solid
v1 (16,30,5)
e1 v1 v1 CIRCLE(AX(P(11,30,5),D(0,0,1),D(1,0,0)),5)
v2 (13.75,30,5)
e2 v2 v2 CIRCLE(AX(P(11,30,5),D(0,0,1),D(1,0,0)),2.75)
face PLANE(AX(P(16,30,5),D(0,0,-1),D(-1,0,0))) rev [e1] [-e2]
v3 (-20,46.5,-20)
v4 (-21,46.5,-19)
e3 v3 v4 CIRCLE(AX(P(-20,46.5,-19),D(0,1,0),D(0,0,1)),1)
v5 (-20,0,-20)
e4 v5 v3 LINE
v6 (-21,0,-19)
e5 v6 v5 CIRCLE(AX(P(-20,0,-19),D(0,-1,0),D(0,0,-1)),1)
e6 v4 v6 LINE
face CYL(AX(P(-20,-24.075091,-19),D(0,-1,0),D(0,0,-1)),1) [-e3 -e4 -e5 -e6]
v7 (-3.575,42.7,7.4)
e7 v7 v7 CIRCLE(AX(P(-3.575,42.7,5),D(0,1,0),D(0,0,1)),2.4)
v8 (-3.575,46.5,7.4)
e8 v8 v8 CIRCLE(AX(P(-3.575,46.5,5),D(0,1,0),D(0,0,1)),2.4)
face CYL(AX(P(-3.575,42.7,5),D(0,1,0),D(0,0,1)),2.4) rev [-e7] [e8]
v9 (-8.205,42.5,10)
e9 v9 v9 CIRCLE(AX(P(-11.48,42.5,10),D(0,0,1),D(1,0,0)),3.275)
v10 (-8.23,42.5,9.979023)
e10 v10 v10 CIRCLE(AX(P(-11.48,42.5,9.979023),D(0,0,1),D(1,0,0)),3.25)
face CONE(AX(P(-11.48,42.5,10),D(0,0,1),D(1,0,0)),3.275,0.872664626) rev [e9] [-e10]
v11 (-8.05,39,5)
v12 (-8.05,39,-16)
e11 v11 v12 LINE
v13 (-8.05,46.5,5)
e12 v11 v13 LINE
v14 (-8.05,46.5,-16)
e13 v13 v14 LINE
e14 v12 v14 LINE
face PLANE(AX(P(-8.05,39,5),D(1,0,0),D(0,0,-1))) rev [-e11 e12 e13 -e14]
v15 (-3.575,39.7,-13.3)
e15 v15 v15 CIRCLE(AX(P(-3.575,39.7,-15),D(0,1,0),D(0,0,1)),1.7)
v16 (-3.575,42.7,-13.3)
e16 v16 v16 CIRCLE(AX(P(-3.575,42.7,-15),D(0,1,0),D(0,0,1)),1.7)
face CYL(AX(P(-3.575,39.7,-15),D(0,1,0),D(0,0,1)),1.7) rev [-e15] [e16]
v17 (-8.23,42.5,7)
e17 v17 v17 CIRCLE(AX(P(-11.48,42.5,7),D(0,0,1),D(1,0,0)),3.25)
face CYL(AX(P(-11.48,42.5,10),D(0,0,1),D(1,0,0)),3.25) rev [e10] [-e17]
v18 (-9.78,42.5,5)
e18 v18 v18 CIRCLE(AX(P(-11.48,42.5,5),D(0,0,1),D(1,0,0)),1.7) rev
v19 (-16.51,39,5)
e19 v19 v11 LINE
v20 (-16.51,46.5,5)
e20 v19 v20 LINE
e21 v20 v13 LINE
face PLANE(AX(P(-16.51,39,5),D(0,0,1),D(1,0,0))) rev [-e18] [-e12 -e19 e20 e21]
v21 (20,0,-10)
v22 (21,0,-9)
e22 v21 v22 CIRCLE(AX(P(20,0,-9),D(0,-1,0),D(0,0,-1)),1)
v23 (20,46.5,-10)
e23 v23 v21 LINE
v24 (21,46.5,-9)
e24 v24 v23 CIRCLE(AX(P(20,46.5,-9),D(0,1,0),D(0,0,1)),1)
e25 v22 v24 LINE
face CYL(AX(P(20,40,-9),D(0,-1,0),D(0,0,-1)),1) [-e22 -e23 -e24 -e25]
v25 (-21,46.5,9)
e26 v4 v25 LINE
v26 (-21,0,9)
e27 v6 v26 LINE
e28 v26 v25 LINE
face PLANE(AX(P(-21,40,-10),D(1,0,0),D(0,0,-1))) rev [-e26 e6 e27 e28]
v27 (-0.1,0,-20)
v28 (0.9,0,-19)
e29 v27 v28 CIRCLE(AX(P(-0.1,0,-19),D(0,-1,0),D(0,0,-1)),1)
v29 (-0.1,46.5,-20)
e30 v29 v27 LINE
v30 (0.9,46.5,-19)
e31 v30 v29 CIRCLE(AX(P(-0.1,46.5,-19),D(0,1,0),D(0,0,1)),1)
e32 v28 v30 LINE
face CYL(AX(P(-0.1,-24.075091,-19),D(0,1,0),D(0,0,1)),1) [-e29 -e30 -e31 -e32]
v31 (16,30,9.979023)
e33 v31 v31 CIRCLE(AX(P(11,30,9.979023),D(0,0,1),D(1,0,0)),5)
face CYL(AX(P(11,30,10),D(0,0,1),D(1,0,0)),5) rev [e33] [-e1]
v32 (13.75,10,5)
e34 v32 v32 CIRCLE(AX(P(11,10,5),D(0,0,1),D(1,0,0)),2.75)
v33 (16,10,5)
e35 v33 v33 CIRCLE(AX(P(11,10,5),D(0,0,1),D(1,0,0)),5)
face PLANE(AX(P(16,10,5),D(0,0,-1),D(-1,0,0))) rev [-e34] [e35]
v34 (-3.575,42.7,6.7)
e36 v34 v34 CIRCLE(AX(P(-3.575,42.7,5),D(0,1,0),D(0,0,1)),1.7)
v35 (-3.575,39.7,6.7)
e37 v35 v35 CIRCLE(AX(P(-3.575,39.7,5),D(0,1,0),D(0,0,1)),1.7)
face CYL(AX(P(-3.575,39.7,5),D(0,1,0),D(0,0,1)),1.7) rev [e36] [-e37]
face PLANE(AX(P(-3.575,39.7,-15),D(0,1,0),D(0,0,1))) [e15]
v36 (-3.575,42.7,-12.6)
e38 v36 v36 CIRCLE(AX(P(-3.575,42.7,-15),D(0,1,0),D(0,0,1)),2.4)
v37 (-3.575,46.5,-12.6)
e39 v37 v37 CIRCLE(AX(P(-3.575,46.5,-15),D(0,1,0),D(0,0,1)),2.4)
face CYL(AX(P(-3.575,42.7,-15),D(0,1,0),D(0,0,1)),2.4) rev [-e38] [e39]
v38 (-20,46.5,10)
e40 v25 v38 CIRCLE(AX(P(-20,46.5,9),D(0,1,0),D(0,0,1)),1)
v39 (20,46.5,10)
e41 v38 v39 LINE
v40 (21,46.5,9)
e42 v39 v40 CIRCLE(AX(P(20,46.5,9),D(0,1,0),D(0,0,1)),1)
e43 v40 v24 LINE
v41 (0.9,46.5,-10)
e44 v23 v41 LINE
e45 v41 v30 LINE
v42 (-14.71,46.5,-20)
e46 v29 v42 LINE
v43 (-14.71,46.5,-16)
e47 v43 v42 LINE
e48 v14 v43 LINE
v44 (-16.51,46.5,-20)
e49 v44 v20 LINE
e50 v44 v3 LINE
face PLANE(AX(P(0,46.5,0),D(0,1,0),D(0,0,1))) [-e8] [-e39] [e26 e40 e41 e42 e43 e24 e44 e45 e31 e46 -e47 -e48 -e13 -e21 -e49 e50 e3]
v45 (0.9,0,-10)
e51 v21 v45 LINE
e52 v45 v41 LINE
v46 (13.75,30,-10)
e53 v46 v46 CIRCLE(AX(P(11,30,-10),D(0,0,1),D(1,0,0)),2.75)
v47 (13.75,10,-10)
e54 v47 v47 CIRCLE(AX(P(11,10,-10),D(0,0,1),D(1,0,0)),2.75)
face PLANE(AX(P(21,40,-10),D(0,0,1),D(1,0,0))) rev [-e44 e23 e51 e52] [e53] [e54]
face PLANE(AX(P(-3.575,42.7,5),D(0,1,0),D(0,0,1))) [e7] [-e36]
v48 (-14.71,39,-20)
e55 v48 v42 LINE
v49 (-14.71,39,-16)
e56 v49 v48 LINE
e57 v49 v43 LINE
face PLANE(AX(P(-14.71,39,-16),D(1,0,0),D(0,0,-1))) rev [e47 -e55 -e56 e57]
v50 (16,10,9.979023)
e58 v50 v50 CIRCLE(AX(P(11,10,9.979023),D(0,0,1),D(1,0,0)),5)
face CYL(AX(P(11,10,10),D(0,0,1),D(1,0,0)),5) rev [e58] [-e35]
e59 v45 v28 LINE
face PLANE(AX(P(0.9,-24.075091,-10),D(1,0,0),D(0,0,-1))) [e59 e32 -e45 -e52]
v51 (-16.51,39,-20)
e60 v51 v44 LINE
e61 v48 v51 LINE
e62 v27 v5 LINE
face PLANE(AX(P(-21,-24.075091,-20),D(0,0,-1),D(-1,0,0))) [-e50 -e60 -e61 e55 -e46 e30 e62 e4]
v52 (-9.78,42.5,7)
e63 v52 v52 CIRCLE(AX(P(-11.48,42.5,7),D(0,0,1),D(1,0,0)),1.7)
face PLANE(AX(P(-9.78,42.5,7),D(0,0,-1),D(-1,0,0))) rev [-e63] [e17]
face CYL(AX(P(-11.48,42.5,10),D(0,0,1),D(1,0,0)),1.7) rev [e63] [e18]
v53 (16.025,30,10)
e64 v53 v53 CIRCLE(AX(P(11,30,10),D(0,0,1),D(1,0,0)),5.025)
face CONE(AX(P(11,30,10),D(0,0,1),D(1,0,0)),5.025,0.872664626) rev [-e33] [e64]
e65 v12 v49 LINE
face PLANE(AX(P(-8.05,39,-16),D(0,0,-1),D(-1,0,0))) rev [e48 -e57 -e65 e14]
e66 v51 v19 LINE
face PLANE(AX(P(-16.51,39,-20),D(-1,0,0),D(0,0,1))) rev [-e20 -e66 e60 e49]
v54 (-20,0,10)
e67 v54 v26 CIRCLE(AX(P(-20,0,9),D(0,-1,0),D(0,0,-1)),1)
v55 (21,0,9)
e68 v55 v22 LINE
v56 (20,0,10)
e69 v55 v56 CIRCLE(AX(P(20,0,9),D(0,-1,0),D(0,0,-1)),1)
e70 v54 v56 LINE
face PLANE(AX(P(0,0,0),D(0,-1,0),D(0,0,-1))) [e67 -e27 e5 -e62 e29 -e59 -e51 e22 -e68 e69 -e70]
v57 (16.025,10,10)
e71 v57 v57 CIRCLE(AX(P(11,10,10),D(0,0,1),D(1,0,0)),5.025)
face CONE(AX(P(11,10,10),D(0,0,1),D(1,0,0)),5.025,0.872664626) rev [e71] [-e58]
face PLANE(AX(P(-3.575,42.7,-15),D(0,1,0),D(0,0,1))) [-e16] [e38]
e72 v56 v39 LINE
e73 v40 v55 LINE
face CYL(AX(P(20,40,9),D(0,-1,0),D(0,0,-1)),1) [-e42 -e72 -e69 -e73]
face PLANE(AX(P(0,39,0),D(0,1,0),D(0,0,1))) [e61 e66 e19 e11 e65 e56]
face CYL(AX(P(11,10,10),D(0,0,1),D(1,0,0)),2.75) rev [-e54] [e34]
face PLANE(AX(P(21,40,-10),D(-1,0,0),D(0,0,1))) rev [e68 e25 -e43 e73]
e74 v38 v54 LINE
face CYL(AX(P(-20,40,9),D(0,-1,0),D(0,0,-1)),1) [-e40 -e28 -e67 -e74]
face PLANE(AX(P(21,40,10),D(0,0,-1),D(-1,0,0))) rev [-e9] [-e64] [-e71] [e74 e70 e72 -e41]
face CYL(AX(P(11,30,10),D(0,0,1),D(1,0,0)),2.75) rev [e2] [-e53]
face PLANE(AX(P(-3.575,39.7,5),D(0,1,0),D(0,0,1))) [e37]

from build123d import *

# Parameters (mm, degrees)
SKETCH1_W                     = 42
SKETCH1_H                     = 20
BOSS_EXTRUDE1_DEPTH           = 40
CBORE_FOR_M5_SHCS1_AT_2_COUNT = 2
CBORE_FOR_M5_SHCS1_AT_2_PITCH = 20
SKETCH5_W                     = 42
SKETCH5_H                     = 20
BOSS_EXTRUDE2_DEPTH           = 6.5
SKETCH12_W                    = 21.9
SKETCH12_H                    = 10
BOSS_EXTRUDE3_DEPTH           = 46.5
CUT_EXTRUDE1_DEPTH            = 7.5
FILLET1_R                     = 1
SKETCH14_R                    = 2.4
CUT_EXTRUDE2_DEPTH            = 3.8
SKETCH15_R                    = 1.7
CUT_EXTRUDE3_DEPTH            = 3


with BuildPart() as part:
    # Sketch1 → Boss-Extrude1 (new body)
    with BuildSketch(Plane(origin=(0, 0, 0), x_dir=(1, 0, 0), z_dir=(0, 1, 0))):
        Rectangle(SKETCH1_W, SKETCH1_H)
    extrude(amount=BOSS_EXTRUDE1_DEPTH)

    # Sketch4 → CBORE for M5 SHCS1 (revolve, cut)
    with BuildSketch(Plane(origin=(11, 30, 10), x_dir=(0, -1, 0), z_dir=(1, 0, 0))):
        Polygon((0, 0), (0, 20), (2.75, 20), (2.75, 5), (5, 5), (5, 0.020977491), (5.025, 0), align=None)
    cbore_for_m5_shcs1 = revolve(axis=Axis((11, 30, 16.35), (0, 0, -1)), mode=Mode.SUBTRACT)

    # CBORE for M5 SHCS1 at 2: CBORE for M5 SHCS1 ×2
    with Locations(*[(0, -i * CBORE_FOR_M5_SHCS1_AT_2_PITCH, 0) for i in range(1, CBORE_FOR_M5_SHCS1_AT_2_COUNT)]):
        add(cbore_for_m5_shcs1, mode=Mode.SUBTRACT)

    # Sketch5 → Boss-Extrude2 (add)
    with BuildSketch(Plane(origin=(0, 40, 0), x_dir=(1, 0, 0), z_dir=(0, 1, 0))):
        Rectangle(SKETCH5_W, SKETCH5_H)
    extrude(amount=BOSS_EXTRUDE2_DEPTH)

    # Sketch12 → Boss-Extrude3 (add)
    with BuildSketch(Plane(origin=(0, 46.5, 0), x_dir=(1, 0, 0), z_dir=(0, 1, 0))):
        with Locations((-10.05, 15)):
            Rectangle(SKETCH12_W, SKETCH12_H)
    extrude(amount=-BOSS_EXTRUDE3_DEPTH)

    # Sketch6 → Cut-Extrude1 (cut)
    with BuildSketch(Plane(origin=(0, 46.5, 0), x_dir=(1, 0, 0), z_dir=(0, 1, 0))):
        Polygon((-16.51, 20), (-16.51, -5), (-8.05, -5), (-8.05, 16), (-14.71, 16), (-14.71, 20), align=None)
    extrude(amount=-CUT_EXTRUDE1_DEPTH, mode=Mode.SUBTRACT)

    # Fillet1
    fillet1_edges = [part.edges().sort_by_distance(p)[0] for p in [
        (0.9, 23.25, -20),
        (-21, 23.25, -20),
        (21, 23.25, -10),
        (21, 23.25, 10),
        (-21, 23.25, 10),
    ]]
    fillet(fillet1_edges, radius=FILLET1_R)

    # Sketch11 → CBORE for M3 SHCS1 (revolve, cut)
    with BuildSketch(Plane(origin=(-11.48, 42.5, 10), x_dir=(0, -1, 0), z_dir=(1, 0, 0))):
        Polygon((0, 0), (0, 6.021463052), (1.7, 5), (1.7, 3), (3.25, 3), (3.25, 0.020977491), (3.275, 0), align=None)
    revolve(axis=Axis((-11.48, 42.5, 16.35), (0, 0, -1)), mode=Mode.SUBTRACT)

    # Sketch14 → Cut-Extrude2 (cut)
    with BuildSketch(Plane(origin=(0, 46.5, 0), x_dir=(1, 0, 0), z_dir=(0, 1, 0))):
        with Locations((-3.575, 15)):
            Circle(SKETCH14_R)
        with Locations((-3.575, -5)):
            Circle(SKETCH14_R)
    extrude(amount=-CUT_EXTRUDE2_DEPTH, mode=Mode.SUBTRACT)

    # Sketch15 → Cut-Extrude3 (cut)
    with BuildSketch(Plane(origin=(0, 42.7, 0), x_dir=(1, 0, 0), z_dir=(0, 1, 0))):
        with Locations((-3.575, 15)):
            Circle(SKETCH15_R)
        with Locations((-3.575, -5)):
            Circle(SKETCH15_R)
    extrude(amount=-CUT_EXTRUDE3_DEPTH, mode=Mode.SUBTRACT)


solid = part.part
